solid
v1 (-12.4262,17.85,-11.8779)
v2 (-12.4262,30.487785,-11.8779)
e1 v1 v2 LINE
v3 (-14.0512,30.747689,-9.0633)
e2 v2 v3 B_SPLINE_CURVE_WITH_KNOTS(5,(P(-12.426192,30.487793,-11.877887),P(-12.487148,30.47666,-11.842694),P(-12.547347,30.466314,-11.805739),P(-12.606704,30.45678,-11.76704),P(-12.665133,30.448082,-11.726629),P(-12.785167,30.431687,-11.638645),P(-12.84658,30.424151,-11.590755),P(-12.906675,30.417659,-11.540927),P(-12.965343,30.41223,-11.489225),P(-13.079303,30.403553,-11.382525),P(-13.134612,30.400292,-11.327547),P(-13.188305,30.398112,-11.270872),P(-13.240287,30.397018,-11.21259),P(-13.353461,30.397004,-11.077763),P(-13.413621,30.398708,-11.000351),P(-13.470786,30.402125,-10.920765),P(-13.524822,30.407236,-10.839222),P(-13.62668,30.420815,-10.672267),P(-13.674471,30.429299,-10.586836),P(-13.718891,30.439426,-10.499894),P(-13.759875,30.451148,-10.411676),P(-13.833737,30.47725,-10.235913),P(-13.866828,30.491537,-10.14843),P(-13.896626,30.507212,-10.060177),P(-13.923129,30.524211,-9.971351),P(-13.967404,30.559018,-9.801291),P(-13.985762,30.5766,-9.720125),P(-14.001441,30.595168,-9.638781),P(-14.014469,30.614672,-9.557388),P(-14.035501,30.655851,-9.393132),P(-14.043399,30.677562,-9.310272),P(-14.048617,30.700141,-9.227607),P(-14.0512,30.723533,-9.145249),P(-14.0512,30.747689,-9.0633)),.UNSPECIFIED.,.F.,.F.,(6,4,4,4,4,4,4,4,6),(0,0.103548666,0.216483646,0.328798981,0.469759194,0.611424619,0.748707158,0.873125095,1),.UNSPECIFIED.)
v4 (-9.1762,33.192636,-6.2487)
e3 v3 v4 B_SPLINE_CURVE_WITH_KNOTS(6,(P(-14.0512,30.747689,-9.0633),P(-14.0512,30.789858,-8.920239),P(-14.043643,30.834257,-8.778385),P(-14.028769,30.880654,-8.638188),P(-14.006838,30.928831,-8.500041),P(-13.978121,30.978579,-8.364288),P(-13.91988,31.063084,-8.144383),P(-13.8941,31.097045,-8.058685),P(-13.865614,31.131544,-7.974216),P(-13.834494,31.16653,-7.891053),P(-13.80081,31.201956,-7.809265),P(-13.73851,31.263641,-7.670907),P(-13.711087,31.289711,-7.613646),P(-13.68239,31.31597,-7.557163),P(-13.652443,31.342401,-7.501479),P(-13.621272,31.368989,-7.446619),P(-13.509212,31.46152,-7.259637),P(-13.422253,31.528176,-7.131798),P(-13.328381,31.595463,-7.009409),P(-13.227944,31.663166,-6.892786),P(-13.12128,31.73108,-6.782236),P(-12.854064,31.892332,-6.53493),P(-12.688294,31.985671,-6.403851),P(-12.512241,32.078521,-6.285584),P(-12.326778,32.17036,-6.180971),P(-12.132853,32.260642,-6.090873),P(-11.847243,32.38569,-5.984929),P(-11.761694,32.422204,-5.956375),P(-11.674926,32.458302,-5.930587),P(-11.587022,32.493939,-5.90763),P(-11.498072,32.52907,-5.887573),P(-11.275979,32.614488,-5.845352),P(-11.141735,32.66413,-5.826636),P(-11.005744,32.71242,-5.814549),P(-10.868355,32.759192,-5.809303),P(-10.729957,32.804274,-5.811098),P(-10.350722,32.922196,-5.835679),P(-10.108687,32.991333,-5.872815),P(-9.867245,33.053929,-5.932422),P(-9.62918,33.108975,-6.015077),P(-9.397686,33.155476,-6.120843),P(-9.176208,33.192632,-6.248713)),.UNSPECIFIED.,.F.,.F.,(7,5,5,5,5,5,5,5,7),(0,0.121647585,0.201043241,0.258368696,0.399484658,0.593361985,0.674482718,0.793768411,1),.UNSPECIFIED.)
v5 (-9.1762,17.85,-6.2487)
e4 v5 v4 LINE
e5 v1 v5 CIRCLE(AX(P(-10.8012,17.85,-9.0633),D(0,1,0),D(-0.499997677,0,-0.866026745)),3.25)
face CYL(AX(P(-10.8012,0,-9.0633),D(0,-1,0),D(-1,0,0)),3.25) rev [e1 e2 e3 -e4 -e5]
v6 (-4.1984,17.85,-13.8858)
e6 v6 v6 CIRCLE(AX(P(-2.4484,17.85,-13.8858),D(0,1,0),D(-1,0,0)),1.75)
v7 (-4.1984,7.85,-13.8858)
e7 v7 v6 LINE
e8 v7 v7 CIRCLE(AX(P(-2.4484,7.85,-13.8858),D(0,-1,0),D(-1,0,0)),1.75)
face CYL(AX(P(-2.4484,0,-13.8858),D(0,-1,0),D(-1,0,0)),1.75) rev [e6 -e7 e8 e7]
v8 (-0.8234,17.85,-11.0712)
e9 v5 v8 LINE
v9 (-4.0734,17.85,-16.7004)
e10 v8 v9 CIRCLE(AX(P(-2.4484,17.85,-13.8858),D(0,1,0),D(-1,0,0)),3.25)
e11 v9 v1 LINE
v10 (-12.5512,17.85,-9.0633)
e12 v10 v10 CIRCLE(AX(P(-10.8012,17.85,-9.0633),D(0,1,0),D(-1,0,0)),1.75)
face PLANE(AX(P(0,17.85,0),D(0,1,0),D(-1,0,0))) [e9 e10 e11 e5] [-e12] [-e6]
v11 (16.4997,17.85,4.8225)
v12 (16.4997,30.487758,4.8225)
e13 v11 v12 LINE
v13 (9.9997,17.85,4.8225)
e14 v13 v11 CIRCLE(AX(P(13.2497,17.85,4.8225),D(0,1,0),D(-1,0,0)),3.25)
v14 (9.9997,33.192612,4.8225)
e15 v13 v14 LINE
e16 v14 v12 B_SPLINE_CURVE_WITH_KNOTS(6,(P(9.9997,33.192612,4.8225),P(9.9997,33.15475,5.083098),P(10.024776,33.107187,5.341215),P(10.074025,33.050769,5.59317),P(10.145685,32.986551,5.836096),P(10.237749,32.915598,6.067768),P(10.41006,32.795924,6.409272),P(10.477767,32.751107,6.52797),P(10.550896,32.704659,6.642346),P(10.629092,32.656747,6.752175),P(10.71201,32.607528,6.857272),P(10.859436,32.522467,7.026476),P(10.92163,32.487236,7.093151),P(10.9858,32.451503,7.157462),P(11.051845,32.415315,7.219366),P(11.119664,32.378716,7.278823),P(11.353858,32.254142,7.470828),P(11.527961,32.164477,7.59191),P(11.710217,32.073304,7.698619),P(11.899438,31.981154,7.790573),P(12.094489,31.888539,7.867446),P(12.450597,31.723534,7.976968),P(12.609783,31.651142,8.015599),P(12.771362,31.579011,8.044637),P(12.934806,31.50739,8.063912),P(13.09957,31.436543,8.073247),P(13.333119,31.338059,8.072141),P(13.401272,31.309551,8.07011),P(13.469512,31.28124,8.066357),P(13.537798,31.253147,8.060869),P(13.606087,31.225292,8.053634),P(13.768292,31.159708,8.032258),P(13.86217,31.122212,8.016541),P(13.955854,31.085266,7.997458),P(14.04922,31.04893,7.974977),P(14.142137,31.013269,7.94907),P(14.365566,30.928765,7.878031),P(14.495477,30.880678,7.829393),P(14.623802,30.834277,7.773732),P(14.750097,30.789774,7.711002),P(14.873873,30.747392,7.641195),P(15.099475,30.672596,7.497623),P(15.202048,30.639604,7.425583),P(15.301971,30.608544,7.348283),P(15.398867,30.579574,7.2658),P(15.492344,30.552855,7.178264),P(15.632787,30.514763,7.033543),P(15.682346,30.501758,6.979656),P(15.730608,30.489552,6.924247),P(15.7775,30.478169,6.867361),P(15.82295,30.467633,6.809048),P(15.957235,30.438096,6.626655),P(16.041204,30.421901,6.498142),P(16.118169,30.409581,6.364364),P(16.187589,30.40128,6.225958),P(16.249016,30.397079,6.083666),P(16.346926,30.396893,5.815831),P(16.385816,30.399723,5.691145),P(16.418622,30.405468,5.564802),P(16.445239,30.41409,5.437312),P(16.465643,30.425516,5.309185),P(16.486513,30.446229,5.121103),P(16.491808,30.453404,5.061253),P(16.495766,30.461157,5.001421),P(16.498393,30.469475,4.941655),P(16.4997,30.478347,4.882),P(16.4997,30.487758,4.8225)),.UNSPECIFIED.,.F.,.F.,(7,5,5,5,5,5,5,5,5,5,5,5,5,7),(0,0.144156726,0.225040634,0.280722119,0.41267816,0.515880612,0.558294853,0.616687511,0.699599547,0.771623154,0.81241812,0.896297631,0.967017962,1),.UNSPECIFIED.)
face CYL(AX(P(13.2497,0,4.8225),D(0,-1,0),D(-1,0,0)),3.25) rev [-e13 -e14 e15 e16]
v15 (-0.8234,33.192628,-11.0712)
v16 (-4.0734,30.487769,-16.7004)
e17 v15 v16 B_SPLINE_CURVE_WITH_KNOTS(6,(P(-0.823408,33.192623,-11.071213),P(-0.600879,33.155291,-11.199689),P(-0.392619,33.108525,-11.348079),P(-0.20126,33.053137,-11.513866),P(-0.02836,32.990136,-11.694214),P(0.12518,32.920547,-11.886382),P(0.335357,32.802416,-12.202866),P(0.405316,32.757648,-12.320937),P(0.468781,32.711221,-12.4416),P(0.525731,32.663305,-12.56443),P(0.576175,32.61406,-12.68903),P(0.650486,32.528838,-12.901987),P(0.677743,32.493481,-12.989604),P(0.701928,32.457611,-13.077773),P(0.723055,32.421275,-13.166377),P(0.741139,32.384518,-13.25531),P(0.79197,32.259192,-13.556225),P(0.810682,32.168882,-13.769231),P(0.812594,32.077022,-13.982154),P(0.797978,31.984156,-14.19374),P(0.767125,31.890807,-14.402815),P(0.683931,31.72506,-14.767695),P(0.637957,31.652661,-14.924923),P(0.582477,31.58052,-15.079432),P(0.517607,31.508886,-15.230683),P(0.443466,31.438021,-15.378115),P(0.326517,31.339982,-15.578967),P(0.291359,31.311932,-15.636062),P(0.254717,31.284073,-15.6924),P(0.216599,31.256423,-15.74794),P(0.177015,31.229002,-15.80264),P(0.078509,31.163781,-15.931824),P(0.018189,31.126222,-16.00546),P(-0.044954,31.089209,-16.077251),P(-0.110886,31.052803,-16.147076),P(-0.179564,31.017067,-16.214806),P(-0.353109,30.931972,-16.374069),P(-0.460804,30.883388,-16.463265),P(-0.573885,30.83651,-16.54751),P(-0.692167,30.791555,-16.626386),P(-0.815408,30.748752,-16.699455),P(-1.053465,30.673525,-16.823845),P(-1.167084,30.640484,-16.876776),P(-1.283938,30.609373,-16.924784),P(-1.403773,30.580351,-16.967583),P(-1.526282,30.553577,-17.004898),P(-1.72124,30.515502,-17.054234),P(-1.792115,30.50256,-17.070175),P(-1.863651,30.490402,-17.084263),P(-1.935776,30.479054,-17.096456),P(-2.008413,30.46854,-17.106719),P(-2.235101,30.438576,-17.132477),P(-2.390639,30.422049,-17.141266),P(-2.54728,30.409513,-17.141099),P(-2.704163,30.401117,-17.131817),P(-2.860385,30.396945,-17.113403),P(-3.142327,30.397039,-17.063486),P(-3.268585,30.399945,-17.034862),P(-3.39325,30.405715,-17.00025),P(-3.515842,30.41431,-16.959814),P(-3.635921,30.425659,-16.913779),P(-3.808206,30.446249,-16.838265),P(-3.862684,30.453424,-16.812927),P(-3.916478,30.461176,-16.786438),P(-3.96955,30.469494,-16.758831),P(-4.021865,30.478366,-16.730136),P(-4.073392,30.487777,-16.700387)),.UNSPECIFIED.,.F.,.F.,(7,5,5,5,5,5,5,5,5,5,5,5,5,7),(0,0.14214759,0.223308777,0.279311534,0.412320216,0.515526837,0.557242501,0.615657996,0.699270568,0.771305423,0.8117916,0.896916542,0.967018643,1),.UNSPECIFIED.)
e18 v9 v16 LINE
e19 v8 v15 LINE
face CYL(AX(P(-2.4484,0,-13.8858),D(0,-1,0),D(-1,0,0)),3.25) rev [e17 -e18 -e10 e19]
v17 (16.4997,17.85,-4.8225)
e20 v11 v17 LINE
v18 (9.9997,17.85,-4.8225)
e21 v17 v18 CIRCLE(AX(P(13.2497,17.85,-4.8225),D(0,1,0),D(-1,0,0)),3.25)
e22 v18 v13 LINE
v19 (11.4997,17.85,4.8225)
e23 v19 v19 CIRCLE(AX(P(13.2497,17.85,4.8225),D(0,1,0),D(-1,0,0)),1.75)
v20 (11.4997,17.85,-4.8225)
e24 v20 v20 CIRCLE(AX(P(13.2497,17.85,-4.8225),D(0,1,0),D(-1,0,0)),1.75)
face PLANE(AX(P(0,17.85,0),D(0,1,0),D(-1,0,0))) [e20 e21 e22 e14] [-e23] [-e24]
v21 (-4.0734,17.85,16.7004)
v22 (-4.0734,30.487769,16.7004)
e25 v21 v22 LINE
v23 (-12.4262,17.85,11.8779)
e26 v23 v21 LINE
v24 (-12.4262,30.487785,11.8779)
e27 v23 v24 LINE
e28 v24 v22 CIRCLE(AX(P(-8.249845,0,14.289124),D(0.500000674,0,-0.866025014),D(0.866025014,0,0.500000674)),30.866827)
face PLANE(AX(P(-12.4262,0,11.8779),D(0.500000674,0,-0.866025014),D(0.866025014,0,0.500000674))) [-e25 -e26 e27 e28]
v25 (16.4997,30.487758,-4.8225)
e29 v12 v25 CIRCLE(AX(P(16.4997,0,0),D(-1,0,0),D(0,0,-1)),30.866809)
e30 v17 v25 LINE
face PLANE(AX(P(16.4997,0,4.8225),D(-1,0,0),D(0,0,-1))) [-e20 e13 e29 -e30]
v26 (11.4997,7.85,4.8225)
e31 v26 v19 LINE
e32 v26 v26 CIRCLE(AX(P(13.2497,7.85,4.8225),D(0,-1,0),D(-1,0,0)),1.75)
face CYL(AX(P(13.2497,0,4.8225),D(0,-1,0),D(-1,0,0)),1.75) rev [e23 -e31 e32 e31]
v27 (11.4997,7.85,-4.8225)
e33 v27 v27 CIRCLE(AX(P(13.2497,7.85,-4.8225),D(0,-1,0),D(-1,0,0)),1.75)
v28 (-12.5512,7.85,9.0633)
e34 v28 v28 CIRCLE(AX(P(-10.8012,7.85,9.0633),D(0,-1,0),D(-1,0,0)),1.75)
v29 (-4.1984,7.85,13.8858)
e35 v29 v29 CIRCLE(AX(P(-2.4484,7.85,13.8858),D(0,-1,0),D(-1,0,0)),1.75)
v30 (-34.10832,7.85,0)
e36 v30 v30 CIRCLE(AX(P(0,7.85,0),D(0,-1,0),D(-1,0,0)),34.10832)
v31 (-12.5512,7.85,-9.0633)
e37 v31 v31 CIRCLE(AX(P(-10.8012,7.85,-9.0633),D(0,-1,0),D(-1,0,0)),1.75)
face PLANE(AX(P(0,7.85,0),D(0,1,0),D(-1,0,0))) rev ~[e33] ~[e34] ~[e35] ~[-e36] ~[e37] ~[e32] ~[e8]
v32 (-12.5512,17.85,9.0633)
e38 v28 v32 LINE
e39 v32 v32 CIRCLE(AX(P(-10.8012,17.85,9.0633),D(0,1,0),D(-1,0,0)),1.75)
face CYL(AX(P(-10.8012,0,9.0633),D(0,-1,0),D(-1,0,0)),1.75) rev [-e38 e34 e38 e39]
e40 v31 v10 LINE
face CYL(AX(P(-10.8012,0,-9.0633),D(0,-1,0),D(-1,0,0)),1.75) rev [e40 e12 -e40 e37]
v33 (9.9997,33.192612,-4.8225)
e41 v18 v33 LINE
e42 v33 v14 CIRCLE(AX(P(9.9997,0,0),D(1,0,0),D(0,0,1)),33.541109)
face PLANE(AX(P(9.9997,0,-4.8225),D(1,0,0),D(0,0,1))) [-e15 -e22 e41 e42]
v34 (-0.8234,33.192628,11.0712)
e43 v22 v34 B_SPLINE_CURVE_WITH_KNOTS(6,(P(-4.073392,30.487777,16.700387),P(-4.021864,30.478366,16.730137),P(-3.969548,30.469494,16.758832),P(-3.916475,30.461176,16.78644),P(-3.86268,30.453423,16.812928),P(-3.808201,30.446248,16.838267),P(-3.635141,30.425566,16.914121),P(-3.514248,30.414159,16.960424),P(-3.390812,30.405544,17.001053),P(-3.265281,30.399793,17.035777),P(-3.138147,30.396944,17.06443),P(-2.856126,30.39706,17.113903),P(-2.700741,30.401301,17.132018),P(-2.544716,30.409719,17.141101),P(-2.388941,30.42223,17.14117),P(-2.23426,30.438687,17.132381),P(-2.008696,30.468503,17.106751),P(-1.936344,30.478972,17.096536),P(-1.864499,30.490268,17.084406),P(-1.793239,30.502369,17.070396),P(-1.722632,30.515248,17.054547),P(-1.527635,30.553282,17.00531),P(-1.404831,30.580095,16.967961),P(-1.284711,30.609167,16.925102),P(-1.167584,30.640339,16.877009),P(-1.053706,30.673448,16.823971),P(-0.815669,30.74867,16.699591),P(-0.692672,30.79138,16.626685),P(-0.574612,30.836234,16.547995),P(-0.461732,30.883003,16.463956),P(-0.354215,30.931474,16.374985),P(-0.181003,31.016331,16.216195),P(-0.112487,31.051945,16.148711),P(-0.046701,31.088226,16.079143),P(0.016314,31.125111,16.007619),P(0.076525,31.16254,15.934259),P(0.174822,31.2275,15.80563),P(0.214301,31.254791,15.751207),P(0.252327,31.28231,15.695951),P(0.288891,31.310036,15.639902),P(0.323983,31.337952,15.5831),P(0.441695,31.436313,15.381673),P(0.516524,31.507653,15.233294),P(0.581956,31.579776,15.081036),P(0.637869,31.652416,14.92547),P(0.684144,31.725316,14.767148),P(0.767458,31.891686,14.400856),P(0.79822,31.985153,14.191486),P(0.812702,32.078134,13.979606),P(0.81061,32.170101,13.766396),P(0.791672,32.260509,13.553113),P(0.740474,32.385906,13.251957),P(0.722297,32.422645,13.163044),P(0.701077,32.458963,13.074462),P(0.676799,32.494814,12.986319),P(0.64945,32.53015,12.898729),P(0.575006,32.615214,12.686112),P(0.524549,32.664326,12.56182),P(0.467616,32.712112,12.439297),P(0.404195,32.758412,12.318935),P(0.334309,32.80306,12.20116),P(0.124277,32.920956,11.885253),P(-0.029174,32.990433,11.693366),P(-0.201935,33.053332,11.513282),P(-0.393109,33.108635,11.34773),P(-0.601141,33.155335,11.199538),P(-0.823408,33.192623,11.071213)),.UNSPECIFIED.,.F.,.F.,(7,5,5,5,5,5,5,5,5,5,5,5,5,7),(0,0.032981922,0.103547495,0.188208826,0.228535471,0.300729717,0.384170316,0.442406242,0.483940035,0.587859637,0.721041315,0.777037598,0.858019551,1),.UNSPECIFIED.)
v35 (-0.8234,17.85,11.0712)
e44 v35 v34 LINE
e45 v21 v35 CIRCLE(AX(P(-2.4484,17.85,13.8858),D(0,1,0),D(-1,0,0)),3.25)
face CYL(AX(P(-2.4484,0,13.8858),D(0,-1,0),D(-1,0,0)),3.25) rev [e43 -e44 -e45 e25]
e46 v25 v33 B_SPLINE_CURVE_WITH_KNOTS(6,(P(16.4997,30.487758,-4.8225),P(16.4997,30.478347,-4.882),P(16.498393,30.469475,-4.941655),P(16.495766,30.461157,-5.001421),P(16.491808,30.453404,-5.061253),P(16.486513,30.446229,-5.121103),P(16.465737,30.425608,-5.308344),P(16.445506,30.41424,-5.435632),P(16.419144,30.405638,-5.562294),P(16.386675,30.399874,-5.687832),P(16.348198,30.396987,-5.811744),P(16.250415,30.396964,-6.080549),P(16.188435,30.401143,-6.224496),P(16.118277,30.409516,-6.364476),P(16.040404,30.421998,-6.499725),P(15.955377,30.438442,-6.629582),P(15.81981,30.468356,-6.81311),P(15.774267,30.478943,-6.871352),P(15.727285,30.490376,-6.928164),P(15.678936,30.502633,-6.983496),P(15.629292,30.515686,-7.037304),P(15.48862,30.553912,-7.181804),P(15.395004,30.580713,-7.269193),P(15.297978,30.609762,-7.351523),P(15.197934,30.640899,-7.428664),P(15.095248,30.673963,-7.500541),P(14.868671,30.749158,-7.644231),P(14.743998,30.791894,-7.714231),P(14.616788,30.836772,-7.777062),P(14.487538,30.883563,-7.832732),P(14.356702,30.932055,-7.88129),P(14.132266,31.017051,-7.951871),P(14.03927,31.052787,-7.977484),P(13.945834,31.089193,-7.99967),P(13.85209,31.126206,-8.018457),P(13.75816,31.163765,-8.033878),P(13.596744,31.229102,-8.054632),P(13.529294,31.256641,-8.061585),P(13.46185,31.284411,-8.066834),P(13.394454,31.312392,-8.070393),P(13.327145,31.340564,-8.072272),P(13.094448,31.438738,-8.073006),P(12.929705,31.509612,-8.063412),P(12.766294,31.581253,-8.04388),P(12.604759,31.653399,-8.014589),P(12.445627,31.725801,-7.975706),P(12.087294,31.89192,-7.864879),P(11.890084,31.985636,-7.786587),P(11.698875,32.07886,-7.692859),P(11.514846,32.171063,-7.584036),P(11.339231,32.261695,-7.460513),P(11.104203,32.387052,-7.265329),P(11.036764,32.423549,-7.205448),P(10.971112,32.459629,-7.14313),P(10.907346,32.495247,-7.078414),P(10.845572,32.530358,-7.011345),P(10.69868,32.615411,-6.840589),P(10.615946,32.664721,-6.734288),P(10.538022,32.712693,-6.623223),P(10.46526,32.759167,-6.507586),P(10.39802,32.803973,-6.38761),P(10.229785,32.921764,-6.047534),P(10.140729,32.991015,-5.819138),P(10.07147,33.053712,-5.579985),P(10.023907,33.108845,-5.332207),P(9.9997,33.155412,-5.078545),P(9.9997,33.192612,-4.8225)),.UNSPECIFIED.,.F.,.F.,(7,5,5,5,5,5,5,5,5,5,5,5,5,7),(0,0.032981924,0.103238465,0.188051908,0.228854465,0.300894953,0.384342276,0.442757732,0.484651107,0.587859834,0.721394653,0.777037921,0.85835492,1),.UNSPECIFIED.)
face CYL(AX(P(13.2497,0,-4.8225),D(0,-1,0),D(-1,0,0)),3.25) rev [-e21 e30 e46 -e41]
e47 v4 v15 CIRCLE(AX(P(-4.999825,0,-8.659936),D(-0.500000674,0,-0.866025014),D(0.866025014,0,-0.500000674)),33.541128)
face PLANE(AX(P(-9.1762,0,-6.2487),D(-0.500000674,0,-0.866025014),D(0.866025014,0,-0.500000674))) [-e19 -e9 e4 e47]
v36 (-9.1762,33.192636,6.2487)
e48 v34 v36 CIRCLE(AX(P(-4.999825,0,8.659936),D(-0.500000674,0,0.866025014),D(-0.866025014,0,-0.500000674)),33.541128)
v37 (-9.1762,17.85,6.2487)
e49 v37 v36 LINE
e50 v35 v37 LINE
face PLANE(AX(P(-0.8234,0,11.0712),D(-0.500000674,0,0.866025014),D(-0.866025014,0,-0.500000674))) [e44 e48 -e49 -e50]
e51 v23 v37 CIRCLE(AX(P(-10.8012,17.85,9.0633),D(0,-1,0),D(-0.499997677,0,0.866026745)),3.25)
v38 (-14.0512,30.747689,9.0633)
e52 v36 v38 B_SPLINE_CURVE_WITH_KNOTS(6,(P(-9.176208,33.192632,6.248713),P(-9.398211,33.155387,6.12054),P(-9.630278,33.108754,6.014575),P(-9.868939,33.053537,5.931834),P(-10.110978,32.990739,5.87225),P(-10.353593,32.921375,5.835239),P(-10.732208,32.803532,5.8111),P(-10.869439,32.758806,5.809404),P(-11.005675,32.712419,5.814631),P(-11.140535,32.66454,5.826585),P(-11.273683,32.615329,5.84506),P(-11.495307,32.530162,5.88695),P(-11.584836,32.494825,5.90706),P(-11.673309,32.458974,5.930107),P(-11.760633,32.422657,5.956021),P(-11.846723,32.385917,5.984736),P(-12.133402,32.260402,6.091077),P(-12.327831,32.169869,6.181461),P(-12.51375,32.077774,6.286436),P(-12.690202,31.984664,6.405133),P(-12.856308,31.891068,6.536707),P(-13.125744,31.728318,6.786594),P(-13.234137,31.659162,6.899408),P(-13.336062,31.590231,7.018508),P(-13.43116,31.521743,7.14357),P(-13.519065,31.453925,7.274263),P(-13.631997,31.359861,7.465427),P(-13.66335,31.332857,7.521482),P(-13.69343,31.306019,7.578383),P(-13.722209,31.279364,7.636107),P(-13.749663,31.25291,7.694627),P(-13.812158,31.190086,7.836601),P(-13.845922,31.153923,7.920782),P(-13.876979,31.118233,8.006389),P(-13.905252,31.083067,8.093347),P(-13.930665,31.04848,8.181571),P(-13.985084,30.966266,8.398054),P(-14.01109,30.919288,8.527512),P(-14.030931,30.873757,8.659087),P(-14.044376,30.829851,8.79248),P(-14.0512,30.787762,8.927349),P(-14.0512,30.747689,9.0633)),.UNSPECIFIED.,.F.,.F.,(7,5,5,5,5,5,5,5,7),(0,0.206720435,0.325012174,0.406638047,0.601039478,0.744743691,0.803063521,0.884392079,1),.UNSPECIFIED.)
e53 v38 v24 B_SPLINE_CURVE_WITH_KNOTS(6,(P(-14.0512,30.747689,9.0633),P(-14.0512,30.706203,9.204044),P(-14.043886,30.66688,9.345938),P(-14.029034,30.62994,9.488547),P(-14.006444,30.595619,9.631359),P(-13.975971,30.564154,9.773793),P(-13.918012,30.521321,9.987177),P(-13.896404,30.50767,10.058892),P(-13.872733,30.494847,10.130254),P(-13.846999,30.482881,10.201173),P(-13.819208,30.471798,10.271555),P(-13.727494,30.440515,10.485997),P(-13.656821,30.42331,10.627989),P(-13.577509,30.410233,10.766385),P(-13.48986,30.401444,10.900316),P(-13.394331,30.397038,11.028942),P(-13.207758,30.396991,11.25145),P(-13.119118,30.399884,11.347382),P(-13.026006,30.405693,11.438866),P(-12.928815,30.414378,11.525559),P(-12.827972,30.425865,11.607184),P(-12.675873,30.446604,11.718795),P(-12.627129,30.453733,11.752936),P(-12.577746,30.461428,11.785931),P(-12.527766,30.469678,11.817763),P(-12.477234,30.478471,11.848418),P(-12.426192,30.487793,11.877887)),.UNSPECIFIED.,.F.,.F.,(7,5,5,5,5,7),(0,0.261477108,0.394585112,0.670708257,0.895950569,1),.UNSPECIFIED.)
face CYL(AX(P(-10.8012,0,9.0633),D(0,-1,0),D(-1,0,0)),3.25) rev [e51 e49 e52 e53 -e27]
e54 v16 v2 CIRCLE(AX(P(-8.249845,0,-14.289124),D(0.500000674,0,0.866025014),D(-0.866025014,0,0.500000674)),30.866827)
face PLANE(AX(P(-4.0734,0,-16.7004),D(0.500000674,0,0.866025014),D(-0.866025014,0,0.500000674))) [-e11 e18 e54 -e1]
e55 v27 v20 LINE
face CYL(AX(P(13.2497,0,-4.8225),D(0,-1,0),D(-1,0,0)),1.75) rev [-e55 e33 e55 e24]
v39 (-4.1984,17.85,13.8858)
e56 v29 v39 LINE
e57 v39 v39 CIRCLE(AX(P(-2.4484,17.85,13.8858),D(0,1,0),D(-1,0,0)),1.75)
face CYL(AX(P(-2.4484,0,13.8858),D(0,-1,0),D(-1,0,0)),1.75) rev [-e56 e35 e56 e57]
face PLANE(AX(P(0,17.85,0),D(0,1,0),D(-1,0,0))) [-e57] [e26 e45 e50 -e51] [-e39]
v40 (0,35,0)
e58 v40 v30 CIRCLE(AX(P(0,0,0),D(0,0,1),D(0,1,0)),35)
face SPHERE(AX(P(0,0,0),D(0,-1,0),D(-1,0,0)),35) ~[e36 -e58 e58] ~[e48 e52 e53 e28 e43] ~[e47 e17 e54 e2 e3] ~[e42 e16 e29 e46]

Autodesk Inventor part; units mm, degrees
ref_plane "YZ Plane" through (0, 0, 0) normal (1, 0, 0) x (0, 1, 0)
ref_plane "XZ Plane" through (0, 0, 0) normal (0, 1, 0) x (-1, 0, 0)
ref_plane "XY Plane" through (0, 0, 0) normal (0, 0, 1) x (1, 0, 0)
sketch "Szkic1" plane through (0, 0, 0) normal (0, 1, 0) x (-1, 0, 0)
  circle A0 centre (0, 0) radius 14.1 construction
  line L0 (0, 0) -> (-14.1, 0) construction
  circle A1 centre (0, 0) radius 22.5 construction
  circle A2 centre (-13.2497, 4.8225) radius 1.75
  circle A3 centre (-13.2497, -4.8225) radius 1.75
  circle A4 centre (2.4484, 13.8858) radius 1.75
  circle A5 centre (10.8012, 9.0633) radius 1.75
  circle A6 centre (10.8012, -9.0633) radius 1.75
  circle A7 centre (2.4484, -13.8858) radius 1.75
  circle A8 centre (0, 0) radius 35
  circle A9 centre (-13.2497, 4.8225) radius 3.25
  circle A10 centre (-13.2497, -4.8225) radius 3.25
  circle A11 centre (2.4484, -13.8858) radius 3.25
  circle A12 centre (10.8012, -9.0633) radius 3.25
  circle A13 centre (10.8012, 9.0633) radius 3.25
  circle A14 centre (2.4484, 13.8858) radius 3.25
  line L1 (-9.9997, -4.8225) -> (-9.9997, 4.8225)
  line L2 (-16.4997, 4.8225) -> (-16.4997, -4.8225)
  line L3 (4.0734, -16.7004) -> (12.4262, -11.8779)
  line L4 (9.1762, -6.2487) -> (0.8234, -11.0712)
  line L5 (12.4262, 11.8779) -> (4.0734, 16.7004)
  line L6 (0.8234, 11.0712) -> (9.1762, 6.2487)
  dimension "d0" = 28.2
  dimension "d1" = 3.5
  dimension "d2" = 40
  dimension "d5" = 360
  dimension "d7" = 45
  dimension "d8" = 70
  dimension "d12" = 6.5
  dimension "d15" = 360
  dimension "d29" = 360
sketch "Szkic3" plane through (0, 0, 0) normal (0, 0, 1) x (1, 0, 0)
  arc A0 (0, 35) -> (-35, 0) centre (0, 0) ccw
  line L0 (0, 35) -> (0, 0)
  line L1 (0, 0) -> (-35, 0)
  line L2 (0, -8.4497) -> (0, 50.6985) projected
  dimension "d19" = 35
revolve "Obrót1" add sketch "Szkic3" angle 360 about axis through (0, -10, 0) along (0, 1, 0)
extrude "Wyciągnięcie proste1" cut sketch "Szkic1" along normal through all contours A2 | A3 | A4 | A5 | A6 | A7 | A9 | L1 A10 L2 A9 | A10 | A11 | A11 L4 A12 L3 | A12 | A13 | A13 L6 A14 L5 | A14
extrude "Wyciągnięcie proste2" add sketch "Szkic1" along normal blind 17.85 contours A9 | L1 A10 L2 A9 | A10 | A11 | A11 L4 A12 L3 | A12 | A13 | A13 L6 A14 L5 | A14
extrude "Wyciągnięcie proste3" cut sketch "Szkic1" along normal blind 7.85 contours A2 | A3 | A4 | A5 | A6 | A7 | A8 | A9 | L1 A10 L2 A9 | A10 | A11 | A11 L4 A12 L3 | A12 | A13 | A13 L6 A14 L5 | A14
properties part number "hemisphere_2"
